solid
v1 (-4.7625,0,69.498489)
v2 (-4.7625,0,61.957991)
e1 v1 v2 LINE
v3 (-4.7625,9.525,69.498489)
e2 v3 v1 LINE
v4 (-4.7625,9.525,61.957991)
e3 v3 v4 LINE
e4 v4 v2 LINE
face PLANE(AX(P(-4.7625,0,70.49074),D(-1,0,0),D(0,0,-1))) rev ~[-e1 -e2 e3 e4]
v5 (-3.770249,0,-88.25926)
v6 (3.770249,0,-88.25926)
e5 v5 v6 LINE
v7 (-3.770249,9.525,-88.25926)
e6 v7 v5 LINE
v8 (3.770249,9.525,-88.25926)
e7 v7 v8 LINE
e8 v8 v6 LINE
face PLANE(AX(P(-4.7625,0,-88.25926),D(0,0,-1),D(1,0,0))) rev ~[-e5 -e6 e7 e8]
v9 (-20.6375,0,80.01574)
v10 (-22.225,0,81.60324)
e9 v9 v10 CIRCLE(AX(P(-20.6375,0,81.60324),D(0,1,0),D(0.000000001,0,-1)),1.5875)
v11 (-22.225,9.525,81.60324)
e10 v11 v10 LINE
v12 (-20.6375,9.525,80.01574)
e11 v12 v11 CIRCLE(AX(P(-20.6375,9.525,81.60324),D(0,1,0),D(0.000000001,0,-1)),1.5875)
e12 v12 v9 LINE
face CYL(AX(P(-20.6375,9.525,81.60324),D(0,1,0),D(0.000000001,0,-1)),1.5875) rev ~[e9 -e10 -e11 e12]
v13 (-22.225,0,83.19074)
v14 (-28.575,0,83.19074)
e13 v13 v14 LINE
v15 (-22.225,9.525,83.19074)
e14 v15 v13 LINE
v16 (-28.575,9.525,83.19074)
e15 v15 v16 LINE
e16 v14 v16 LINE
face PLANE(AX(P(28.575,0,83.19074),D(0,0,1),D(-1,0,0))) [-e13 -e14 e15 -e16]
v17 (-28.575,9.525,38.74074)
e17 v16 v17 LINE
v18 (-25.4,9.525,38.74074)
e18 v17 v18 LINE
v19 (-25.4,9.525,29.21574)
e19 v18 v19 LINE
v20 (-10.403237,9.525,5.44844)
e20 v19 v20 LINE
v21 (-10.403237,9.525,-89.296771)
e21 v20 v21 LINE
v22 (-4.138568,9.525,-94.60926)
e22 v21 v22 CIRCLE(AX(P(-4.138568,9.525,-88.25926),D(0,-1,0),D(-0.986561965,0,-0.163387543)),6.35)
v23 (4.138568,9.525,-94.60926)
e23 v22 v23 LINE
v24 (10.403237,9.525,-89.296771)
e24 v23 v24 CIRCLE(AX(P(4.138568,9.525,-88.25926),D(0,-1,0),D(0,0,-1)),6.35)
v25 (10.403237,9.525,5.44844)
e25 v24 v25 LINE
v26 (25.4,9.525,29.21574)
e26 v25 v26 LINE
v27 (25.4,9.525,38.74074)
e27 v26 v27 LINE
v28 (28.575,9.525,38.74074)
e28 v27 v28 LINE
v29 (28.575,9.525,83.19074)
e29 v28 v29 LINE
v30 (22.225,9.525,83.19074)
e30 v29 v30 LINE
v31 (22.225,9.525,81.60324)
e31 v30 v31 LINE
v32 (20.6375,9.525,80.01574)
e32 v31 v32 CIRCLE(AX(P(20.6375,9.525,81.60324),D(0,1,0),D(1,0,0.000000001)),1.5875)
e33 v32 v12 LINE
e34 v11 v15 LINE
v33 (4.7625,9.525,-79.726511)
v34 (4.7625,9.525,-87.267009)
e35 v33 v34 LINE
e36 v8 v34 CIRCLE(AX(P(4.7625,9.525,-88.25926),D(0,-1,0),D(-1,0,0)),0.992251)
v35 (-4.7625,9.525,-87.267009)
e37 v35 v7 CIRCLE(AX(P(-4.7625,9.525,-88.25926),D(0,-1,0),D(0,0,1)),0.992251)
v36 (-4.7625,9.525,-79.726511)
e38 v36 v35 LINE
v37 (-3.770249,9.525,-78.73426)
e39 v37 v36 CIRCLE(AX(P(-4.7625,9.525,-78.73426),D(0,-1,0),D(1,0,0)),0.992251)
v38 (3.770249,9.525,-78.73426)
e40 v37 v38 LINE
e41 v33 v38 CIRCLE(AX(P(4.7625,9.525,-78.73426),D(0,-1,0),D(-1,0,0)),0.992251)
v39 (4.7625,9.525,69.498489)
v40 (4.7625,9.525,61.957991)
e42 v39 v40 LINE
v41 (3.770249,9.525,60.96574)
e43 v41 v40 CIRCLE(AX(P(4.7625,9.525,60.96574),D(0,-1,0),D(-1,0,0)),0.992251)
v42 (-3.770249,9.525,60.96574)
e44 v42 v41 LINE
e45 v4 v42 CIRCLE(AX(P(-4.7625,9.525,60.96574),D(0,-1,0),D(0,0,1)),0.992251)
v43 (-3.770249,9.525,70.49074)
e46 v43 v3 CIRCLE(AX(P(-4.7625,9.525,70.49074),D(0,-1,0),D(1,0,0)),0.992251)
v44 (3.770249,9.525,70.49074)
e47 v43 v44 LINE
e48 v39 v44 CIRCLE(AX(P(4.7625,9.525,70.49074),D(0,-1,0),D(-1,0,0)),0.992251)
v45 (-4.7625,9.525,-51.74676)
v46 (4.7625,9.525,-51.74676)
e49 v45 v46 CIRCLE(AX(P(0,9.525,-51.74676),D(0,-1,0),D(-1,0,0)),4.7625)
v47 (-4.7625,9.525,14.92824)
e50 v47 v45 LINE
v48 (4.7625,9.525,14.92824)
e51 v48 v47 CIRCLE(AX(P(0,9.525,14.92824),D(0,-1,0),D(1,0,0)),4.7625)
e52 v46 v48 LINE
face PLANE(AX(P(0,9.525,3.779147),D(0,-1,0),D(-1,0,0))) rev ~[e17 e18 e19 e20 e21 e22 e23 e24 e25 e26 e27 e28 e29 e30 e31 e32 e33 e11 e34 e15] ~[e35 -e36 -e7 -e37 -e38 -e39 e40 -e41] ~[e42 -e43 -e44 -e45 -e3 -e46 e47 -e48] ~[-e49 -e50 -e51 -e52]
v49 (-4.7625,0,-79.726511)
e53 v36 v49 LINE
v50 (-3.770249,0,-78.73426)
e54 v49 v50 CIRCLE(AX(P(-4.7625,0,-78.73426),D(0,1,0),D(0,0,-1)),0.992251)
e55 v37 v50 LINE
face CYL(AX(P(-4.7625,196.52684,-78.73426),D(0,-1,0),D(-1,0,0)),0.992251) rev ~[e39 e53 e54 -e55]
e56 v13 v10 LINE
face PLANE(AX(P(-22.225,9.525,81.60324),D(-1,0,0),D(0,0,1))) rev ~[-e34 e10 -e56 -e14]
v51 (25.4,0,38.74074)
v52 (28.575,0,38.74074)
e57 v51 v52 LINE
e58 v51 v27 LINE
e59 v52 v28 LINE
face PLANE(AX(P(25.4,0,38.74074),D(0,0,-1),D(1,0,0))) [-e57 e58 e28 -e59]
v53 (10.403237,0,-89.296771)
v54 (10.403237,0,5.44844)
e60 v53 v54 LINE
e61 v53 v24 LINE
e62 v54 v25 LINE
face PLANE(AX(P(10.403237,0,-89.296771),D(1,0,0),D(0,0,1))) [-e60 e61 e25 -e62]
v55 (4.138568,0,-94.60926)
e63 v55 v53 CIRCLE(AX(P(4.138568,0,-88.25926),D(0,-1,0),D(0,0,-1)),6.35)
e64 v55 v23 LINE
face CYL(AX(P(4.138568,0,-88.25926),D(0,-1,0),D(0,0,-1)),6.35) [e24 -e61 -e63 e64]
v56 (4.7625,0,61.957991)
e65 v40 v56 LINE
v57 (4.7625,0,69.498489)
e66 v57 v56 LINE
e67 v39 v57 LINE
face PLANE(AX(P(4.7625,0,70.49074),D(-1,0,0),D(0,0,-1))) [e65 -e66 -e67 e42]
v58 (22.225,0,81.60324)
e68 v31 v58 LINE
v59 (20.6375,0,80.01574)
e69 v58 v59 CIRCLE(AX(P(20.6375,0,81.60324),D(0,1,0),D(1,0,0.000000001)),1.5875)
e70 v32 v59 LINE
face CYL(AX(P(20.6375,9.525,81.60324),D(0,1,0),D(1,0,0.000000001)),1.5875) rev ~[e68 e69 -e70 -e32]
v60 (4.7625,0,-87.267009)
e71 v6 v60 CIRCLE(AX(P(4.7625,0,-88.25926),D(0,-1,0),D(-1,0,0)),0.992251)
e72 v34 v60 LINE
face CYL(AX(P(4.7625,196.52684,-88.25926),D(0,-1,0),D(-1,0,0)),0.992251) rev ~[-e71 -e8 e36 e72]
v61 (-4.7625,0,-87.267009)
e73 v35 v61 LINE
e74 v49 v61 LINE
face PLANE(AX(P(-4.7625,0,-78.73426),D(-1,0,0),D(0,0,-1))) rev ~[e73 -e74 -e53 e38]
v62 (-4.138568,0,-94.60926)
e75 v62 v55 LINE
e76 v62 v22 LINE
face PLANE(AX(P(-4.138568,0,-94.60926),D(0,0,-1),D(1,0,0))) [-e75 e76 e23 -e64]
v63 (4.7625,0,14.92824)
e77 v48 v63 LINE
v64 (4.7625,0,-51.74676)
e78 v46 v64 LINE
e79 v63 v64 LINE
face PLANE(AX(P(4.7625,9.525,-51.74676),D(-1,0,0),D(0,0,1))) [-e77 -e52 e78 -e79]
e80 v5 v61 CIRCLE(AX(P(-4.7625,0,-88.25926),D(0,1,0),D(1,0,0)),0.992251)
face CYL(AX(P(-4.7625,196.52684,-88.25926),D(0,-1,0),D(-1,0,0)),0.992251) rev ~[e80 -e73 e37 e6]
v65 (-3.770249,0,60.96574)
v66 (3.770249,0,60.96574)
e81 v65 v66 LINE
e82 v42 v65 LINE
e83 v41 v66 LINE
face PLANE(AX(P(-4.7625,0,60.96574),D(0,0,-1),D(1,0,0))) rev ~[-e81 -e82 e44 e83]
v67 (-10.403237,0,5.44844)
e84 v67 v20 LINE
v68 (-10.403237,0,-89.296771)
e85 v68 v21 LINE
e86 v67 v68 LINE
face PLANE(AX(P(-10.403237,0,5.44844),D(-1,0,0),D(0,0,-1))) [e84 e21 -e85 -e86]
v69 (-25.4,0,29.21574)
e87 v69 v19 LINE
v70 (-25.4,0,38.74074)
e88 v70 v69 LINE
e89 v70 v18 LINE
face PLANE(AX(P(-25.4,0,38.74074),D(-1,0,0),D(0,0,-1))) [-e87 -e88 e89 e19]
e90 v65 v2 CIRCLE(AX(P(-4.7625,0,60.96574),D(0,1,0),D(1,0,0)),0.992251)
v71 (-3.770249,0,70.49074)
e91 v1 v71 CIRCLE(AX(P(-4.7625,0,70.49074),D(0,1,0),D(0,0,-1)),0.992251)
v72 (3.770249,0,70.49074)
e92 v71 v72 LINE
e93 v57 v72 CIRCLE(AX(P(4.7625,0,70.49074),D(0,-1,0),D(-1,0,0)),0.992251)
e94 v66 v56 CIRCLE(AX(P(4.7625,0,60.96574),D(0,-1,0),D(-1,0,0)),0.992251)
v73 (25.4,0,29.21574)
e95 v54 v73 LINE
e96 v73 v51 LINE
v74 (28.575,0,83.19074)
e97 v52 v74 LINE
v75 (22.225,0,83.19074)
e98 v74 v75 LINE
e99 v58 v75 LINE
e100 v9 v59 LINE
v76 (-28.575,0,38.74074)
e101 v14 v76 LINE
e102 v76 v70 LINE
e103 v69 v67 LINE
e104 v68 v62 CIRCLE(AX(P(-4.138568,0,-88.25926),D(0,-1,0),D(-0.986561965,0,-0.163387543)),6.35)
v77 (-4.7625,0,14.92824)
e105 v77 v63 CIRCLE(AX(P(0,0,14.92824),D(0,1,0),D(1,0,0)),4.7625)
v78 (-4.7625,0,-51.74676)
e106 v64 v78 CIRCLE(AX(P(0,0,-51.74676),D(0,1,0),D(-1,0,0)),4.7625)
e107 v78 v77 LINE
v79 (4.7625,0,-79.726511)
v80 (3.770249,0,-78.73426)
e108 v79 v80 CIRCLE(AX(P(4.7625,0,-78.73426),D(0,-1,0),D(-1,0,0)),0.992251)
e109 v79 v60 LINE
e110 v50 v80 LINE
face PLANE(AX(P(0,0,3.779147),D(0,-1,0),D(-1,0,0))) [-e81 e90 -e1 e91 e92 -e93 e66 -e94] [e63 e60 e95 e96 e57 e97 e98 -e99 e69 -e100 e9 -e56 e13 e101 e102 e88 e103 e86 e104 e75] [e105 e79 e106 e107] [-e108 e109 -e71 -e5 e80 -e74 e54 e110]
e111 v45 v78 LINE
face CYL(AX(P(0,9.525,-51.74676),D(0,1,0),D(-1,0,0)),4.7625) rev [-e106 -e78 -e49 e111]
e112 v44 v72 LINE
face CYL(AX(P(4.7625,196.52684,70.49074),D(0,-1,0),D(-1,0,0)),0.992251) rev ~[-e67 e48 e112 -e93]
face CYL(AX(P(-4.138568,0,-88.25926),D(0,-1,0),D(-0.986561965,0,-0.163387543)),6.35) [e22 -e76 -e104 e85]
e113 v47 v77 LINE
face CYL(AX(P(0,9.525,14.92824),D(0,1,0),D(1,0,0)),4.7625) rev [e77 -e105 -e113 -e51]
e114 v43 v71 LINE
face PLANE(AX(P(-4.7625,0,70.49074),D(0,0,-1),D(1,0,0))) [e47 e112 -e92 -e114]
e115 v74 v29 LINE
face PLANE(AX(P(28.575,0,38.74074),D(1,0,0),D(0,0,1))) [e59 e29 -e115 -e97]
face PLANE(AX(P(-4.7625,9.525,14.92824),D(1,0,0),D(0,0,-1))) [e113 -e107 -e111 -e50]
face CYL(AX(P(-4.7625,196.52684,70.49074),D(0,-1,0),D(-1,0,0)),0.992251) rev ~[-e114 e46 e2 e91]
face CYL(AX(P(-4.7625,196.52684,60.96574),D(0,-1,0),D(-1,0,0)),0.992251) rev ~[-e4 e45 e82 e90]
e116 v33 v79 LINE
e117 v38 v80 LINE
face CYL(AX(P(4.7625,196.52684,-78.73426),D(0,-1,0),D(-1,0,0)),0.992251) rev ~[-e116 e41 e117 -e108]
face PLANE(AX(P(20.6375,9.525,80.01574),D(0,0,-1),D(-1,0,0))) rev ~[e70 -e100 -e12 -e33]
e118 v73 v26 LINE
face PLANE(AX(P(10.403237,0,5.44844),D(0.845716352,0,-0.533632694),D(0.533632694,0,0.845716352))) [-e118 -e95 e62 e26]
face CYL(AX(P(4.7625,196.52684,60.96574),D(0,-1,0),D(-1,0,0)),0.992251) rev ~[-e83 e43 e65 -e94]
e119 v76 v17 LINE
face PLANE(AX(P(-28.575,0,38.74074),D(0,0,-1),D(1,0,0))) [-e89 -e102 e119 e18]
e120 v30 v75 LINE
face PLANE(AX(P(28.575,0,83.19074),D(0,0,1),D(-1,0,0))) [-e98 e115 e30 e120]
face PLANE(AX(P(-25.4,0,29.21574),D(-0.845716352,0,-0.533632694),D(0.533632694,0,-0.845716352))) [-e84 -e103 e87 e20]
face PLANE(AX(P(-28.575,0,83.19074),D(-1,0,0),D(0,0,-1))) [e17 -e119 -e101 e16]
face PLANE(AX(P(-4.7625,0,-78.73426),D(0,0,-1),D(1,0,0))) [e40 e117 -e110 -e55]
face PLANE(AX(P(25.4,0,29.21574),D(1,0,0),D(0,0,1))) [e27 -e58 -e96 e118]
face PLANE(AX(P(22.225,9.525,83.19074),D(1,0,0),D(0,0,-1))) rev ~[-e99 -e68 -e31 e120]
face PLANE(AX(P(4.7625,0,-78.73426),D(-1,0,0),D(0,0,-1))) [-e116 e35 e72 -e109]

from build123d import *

# Parameters (mm, degrees)
SKETCH1_W                       = 9.525
SKETCH1_H                       = 9.525
BOSS_EXTRUDE1_DEPTH             = 9.525
CUT_EXTRUDE2_DEPTH              = 10.525
CUT_EXTRUDE3_DEPTH              = 10.525
F_5_64_0_07813_DIAMETER_HOLE1_D = 1.984502


with BuildPart() as part:
    # Sketch1 → Boss-Extrude1 (new body)
    with BuildSketch(Plane(origin=(0, 0, 0), x_dir=(1, 0, 0), z_dir=(0, 1, 0))):
        with BuildLine():
            Line((-4.138568073, 94.60926025), (4.138568073, 94.60926025))
            ThreePointArc((4.138568073, 94.60926025), (8.245532024, 93.102332324), (10.40323655, 89.29677115))
            Line((10.40323655, 89.29677115), (10.40323655, -5.448440201))
            Line((10.40323655, -5.448440201), (25.4, -29.21573975))
            Line((25.4, -29.21573975), (25.4, -38.74073975))
            Line((25.4, -38.74073975), (28.575, -38.74073975))
            Line((28.575, -38.74073975), (28.575, -83.19073975))
            Line((28.575, -83.19073975), (-28.575, -83.19073975))
            Line((-28.575, -83.19073975), (-28.575, -38.74073975))
            Line((-28.575, -38.74073975), (-25.4, -38.74073975))
            Line((-25.4, -38.74073975), (-25.4, -29.21573975))
            Line((-25.4, -29.21573975), (-10.40323655, -5.448440201))
            Line((-10.40323655, -5.448440201), (-10.40323655, 89.29677115))
            ThreePointArc((-10.40323655, 89.29677115), (-8.245532024, 93.102332324), (-4.138568073, 94.60926025))
        make_face()
        with Locations((0, -65.72823975)):
            Rectangle(SKETCH1_W, SKETCH1_H, mode=Mode.SUBTRACT)
        with Locations((0, 83.49676025)):
            Rectangle(SKETCH1_W, SKETCH1_H, mode=Mode.SUBTRACT)
    extrude(amount=BOSS_EXTRUDE1_DEPTH)

    # Sketch4 → Cut-Extrude2 (cut, through all)
    with BuildSketch(Plane(origin=(0, 9.525, 0), x_dir=(1, 0, 0), z_dir=(0, 1, 0))):
        with BuildLine():
            Line((4.7625, 51.74676025), (4.7625, -14.92823975))
            ThreePointArc((4.7625, -14.92823975), (0, -19.69073975), (-4.7625, -14.92823975))
            Line((-4.7625, -14.92823975), (-4.7625, 51.74676025))
            ThreePointArc((-4.7625, 51.74676025), (0, 56.50926025), (4.7625, 51.74676025))
        make_face()
    extrude(amount=-CUT_EXTRUDE2_DEPTH, mode=Mode.SUBTRACT)

    # Sketch5 → Cut-Extrude3 (cut, through all)
    with BuildSketch(Plane(origin=(0, 9.525, 0), x_dir=(1, 0, 0), z_dir=(0, 1, 0))):
        with BuildLine():
            Line((-22.225, -83.19073975), (22.225, -83.19073975))
            Line((22.225, -83.19073975), (22.225, -81.60323975))
            ThreePointArc((22.225, -81.60323975), (21.760032015, -80.480707734), (20.6375, -80.01573975))
            Line((20.6375, -80.01573975), (-20.6375, -80.01573975))
            ThreePointArc((-20.6375, -80.01573975), (-21.760032015, -80.480707734), (-22.225, -81.60323975))
            Line((-22.225, -81.60323975), (-22.225, -83.19073975))
        make_face()
    extrude(amount=-CUT_EXTRUDE3_DEPTH, mode=Mode.SUBTRACT)

    # 5/64 (0.07813) Diameter Hole1 (through all)
    with Locations(Plane(origin=(0, 9.525, 0), x_dir=(1, 0, 0), z_dir=(0, 1, 0))):
        with Locations((-4.7625, 88.25926025), (4.7625, 88.25926025), (4.7625, 78.73426025), (-4.7625, 78.73426025), (-4.7625, -60.96573975), (4.7625, -60.96573975), (4.7625, -70.49073975), (-4.7625, -70.49073975)):
            Hole(F_5_64_0_07813_DIAMETER_HOLE1_D / 2)


solid = part.part
